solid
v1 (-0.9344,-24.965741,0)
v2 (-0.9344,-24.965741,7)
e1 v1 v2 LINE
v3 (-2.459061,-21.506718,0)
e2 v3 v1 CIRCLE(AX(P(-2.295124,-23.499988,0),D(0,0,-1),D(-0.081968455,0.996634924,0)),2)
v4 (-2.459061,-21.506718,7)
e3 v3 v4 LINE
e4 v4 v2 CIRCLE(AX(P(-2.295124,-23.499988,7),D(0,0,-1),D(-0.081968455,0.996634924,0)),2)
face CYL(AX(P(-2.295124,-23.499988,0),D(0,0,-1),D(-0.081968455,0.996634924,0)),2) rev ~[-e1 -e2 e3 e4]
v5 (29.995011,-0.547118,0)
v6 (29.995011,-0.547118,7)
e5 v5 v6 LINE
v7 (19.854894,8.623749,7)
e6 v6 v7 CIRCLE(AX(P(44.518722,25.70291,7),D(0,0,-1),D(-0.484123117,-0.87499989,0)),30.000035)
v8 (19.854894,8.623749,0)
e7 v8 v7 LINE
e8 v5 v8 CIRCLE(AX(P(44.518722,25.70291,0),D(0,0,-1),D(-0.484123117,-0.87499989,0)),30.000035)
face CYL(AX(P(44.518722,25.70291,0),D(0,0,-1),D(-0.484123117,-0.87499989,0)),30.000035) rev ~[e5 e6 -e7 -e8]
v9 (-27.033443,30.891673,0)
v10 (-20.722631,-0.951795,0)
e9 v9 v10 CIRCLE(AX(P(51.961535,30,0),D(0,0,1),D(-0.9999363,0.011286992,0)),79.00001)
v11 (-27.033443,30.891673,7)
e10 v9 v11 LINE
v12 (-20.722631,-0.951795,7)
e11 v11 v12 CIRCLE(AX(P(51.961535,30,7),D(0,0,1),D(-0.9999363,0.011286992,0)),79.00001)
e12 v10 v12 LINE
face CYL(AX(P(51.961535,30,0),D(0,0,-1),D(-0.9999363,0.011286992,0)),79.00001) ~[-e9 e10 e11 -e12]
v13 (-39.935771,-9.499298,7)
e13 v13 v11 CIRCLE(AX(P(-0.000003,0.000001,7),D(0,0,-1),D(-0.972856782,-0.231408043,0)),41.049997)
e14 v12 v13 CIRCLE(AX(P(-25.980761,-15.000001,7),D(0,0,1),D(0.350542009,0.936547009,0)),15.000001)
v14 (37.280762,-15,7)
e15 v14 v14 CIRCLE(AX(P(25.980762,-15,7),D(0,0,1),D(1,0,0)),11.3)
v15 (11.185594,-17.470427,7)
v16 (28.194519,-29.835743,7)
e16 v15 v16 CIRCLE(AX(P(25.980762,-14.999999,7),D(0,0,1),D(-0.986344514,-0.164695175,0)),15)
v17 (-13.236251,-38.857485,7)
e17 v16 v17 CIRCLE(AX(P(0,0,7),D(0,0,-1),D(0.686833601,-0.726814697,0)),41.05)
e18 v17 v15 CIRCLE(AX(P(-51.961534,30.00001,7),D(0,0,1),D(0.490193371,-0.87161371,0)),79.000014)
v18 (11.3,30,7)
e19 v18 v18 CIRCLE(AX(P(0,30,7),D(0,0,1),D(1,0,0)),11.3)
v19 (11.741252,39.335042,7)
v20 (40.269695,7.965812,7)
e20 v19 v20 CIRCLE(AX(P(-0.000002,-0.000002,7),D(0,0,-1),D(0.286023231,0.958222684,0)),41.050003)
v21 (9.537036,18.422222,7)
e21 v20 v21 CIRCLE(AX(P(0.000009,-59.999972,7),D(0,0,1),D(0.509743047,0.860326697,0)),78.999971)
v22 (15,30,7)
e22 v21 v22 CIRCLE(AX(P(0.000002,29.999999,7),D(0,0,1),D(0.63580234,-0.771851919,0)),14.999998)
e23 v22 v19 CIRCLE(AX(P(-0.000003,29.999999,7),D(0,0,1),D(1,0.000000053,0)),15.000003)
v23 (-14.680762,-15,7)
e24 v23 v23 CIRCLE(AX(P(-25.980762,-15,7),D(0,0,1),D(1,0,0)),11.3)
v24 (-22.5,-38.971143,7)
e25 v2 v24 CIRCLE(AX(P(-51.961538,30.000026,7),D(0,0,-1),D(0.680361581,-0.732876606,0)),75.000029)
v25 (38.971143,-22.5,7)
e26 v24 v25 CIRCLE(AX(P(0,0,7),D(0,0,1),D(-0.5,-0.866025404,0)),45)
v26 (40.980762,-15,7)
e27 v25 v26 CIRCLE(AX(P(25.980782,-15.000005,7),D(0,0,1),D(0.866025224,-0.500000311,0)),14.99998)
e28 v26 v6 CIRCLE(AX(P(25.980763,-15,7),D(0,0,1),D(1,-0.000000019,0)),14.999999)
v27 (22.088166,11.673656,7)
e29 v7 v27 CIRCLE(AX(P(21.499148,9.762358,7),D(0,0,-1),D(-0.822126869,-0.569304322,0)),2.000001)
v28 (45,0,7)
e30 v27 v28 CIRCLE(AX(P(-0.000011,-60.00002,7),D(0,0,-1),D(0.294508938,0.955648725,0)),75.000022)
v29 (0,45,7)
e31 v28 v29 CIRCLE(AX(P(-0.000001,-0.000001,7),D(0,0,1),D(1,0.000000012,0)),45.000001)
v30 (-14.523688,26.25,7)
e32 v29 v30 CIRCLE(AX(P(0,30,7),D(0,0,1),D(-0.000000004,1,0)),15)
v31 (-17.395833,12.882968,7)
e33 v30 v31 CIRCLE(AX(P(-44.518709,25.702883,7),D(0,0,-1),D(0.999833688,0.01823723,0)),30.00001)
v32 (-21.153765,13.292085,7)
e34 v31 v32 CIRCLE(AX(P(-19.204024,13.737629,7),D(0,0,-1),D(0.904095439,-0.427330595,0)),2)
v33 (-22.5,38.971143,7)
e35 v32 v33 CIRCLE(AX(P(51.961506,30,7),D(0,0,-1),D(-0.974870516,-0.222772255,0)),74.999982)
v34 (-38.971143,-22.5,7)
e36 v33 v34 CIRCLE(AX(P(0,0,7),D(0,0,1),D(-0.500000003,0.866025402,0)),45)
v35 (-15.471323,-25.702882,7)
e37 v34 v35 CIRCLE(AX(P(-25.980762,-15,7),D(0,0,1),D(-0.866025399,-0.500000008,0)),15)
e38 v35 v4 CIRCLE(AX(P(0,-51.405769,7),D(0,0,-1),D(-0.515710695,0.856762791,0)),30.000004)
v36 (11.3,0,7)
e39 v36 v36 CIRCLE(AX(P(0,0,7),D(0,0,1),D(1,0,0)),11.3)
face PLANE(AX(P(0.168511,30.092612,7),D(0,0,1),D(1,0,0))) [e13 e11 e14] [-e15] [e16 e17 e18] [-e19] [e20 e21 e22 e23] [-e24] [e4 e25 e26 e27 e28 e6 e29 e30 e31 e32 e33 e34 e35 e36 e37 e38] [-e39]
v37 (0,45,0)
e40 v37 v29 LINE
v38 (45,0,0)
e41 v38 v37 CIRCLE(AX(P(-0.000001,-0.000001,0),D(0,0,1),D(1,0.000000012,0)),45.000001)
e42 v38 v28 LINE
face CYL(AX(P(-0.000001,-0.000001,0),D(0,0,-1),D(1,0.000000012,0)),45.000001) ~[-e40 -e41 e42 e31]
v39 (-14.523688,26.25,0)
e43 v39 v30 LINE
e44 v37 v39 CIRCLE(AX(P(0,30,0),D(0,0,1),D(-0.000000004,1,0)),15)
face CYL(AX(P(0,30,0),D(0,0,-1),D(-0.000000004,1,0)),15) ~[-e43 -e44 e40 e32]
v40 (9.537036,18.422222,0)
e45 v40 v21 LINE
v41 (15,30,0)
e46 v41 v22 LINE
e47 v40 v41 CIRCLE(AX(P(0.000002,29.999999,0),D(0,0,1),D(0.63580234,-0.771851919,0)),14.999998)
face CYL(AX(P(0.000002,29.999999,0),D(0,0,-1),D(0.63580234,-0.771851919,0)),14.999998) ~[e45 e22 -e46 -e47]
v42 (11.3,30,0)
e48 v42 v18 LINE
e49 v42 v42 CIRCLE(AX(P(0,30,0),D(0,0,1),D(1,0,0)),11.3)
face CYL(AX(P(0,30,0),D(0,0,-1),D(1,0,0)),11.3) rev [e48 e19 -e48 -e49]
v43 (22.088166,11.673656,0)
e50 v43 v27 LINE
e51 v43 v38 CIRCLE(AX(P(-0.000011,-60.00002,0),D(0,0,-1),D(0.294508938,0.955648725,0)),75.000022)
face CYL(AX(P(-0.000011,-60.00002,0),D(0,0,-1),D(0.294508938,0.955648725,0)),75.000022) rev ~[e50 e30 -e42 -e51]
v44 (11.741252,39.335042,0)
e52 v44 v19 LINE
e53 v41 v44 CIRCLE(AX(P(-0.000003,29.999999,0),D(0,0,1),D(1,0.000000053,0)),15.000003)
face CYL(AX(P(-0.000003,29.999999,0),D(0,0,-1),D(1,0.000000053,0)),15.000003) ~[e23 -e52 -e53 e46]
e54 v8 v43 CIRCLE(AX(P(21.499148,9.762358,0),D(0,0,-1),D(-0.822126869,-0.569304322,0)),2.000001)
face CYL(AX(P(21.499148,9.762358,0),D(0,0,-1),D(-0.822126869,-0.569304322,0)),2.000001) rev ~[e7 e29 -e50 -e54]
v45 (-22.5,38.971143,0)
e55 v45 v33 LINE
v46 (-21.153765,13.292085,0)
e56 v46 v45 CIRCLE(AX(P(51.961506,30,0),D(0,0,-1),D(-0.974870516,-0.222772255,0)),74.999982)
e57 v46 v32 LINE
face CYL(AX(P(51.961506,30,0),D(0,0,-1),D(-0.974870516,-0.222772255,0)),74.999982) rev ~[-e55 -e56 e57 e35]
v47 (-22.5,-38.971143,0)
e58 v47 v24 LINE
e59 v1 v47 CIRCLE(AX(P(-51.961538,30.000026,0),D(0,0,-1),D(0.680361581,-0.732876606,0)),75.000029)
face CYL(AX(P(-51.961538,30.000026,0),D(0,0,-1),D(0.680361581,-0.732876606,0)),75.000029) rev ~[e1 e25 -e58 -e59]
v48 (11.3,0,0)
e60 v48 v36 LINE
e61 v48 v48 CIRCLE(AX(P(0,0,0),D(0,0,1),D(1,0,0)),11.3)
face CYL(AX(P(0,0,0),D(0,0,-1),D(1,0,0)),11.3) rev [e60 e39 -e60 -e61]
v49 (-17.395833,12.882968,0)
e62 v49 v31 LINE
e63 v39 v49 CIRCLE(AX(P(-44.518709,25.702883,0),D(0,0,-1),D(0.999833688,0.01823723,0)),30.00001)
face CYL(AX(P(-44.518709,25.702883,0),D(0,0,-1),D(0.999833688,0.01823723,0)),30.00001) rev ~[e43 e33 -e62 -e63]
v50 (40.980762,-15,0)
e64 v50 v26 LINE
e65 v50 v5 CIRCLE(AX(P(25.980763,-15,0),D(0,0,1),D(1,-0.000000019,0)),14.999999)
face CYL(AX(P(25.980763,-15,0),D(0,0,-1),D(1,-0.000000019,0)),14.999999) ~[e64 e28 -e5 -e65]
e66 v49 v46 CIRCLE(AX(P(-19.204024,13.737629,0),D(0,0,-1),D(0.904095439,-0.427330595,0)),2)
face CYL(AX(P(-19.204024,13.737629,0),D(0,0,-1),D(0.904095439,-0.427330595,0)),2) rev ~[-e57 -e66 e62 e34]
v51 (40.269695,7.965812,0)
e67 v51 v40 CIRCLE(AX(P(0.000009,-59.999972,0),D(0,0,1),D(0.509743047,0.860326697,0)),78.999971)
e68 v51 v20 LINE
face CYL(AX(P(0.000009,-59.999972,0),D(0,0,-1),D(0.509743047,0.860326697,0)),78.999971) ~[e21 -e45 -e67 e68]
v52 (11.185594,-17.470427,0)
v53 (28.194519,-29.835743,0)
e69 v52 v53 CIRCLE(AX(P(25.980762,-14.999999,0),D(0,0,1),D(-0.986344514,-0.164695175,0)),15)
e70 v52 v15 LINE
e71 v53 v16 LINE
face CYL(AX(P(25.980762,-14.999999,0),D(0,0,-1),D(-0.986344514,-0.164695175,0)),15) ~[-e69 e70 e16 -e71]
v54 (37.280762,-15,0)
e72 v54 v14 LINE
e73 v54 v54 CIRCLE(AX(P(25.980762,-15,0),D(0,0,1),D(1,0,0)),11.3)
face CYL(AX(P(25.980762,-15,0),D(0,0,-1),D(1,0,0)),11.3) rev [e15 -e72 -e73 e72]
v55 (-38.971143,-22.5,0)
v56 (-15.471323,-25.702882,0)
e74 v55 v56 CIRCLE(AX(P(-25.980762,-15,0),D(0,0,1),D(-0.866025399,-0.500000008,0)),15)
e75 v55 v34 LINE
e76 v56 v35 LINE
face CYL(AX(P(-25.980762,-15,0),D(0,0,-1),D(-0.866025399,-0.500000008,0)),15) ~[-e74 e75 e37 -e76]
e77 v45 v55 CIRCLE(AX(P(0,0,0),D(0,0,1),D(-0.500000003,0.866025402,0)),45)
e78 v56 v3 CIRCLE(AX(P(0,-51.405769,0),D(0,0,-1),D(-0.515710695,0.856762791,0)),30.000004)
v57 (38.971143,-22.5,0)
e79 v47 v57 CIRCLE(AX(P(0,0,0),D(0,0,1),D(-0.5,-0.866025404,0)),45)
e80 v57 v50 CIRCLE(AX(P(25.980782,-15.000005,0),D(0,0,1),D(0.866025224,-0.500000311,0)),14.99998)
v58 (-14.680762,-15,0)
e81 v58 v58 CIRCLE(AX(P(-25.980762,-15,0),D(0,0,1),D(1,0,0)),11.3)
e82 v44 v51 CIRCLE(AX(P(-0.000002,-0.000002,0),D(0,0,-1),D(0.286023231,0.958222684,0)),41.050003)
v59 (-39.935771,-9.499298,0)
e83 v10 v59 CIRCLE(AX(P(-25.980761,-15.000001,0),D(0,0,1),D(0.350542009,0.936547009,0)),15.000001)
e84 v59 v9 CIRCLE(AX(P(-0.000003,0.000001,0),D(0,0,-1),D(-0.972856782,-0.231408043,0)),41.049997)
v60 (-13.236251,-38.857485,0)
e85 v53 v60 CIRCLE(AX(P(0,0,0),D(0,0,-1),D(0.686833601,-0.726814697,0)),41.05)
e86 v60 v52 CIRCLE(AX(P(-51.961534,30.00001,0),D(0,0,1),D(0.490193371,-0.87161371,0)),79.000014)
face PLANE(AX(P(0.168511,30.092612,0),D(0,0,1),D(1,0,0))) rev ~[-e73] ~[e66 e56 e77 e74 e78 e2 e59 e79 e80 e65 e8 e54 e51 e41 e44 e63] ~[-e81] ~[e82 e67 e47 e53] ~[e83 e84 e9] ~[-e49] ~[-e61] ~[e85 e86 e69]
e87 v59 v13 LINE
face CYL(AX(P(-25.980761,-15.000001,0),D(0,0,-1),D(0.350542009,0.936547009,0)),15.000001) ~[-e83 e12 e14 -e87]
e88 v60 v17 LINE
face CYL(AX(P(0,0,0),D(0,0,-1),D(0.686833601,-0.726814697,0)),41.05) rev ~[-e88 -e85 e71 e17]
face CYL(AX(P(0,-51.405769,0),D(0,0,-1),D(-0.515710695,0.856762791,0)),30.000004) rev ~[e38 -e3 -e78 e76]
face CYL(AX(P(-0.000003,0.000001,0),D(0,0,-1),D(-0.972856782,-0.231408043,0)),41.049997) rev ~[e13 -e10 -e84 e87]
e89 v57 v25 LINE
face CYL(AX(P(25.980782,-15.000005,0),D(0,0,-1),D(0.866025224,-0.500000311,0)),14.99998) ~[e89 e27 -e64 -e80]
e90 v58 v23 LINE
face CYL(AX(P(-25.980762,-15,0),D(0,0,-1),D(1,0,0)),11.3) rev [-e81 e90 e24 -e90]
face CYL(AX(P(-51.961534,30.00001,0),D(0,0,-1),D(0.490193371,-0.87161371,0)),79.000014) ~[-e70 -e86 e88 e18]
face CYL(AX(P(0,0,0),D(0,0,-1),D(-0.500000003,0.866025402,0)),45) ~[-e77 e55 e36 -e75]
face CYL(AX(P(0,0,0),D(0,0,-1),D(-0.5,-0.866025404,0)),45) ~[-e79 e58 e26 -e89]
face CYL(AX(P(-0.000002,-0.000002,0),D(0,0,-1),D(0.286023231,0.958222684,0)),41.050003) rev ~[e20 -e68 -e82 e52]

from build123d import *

# Parameters (mm, degrees)
F0_R     = 11.3
F1_DEPTH = 7


with BuildPart() as f1:
    # F0 (on Top) → F1 (new body)
    with BuildSketch(Plane.XY):
        with BuildLine():
            ThreePointArc((9.537036, 18.422222), (13.565684, 23.599045), (15, 30))
            ThreePointArc((15, 30), (14.161899, 34.943745), (11.741252, 39.335042))
            ThreePointArc((11.741252, 39.335042), (6.51822, 43.50973), (0, 45))
            ThreePointArc((0, 45), (-11.858541, 39.185587), (-14.523688, 26.25))
            ThreePointArc((-14.523688, 26.25), (-4.640603, 15.735891), (9.537036, 18.422222))
        make_face()
        with Locations((0, 30)):
            Circle(F0_R, mode=Mode.SUBTRACT)
        with BuildLine():
            ThreePointArc((0, 45), (6.51822, 43.50973), (11.741252, 39.335042))
            ThreePointArc((11.741252, 39.335042), (30.369257, 27.619028), (40.269695, 7.965812))
            ThreePointArc((40.269695, 7.965812), (25.446252, 14.789627), (9.537036, 18.422222))
            ThreePointArc((9.537036, 18.422222), (-4.640603, 15.735891), (-14.523688, 26.25))
            ThreePointArc((-14.523688, 26.25), (-15.188129, 19.400685), (-17.395833, 12.882968))
            ThreePointArc((-17.395833, 12.882968), (-19.42048, 11.749377), (-21.153765, 13.292085))
            ThreePointArc((-21.153765, 13.292085), (-22.935622, 26.073488), (-22.5, 38.971143))
            ThreePointArc((-22.5, 38.971143), (-43.466662, 11.646857), (-38.971143, -22.5))
            ThreePointArc((-38.971143, -22.5), (-40.939642, -16.109921), (-39.935771, -9.499298))
            ThreePointArc((-39.935771, -9.499298), (-39.103409, 12.491034), (-27.033443, 30.891673))
            ThreePointArc((-27.033443, 30.891673), (-25.531318, 14.642287), (-20.722631, -0.951795))
            ThreePointArc((-20.722631, -0.951795), (-13.65453, -6.452251), (-10.980762, -15))
            ThreePointArc((-10.980762, -15), (-12.148886, -20.803379), (-15.471323, -25.702882))
            ThreePointArc((-15.471323, -25.702882), (-9.207422, -22.853648), (-2.459061, -21.506718))
            ThreePointArc((-2.459061, -21.506718), (-0.465019, -22.693318), (-0.9344, -24.965741))
            ThreePointArc((-0.9344, -24.965741), (-11.112492, -32.899575), (-22.5, -38.971143))
            ThreePointArc((-22.5, -38.971143), (11.646857, -43.466662), (38.971143, -22.5))
            ThreePointArc((38.971143, -22.5), (34.421422, -27.399809), (28.194519, -29.835743))
            ThreePointArc((28.194519, -29.835743), (8.734151, -40.110062), (-13.236251, -38.857485))
            ThreePointArc((-13.236251, -38.857485), (0.085066, -29.431914), (11.185594, -17.470427))
            ThreePointArc((11.185594, -17.470427), (15.947983, -3.849065), (29.995011, -0.547118))
            ThreePointArc((29.995011, -0.547118), (24.395551, 3.452963), (19.854894, 8.623749))
            ThreePointArc((19.854894, 8.623749), (19.885499, 10.943941), (22.088166, 11.673656))
            ThreePointArc((22.088166, 11.673656), (34.048114, 6.826087), (45, 0))
            ThreePointArc((45, 0), (31.819805, 31.819805), (0, 45))
        make_face()
        Circle(F0_R, mode=Mode.SUBTRACT)
        with BuildLine():
            ThreePointArc((40.980762, -15), (37.922574, -5.922934), (29.995011, -0.547118))
            ThreePointArc((29.995011, -0.547118), (15.947983, -3.849065), (11.185594, -17.470427))
            ThreePointArc((11.185594, -17.470427), (17.160431, -27.132673), (28.194519, -29.835743))
            ThreePointArc((28.194519, -29.835743), (34.421422, -27.399809), (38.971143, -22.5))
            ThreePointArc((38.971143, -22.5), (40.46965, -18.882286), (40.980762, -15))
        make_face()
        with Locations((25.980762, -15)):
            Circle(F0_R, mode=Mode.SUBTRACT)
        with BuildLine():
            ThreePointArc((-39.935771, -9.499298), (-40.939642, -16.109921), (-38.971143, -22.5))
            ThreePointArc((-38.971143, -22.5), (-28.006443, -29.862591), (-15.471323, -25.702882))
            ThreePointArc((-15.471323, -25.702882), (-12.148886, -20.803379), (-10.980762, -15))
            ThreePointArc((-10.980762, -15), (-13.65453, -6.452251), (-20.722631, -0.951795))
            ThreePointArc((-20.722631, -0.951795), (-32.0778, -1.295033), (-39.935771, -9.499298))
        make_face()
        with Locations((-25.980762, -15)):
            Circle(F0_R, mode=Mode.SUBTRACT)
    extrude(amount=F1_DEPTH)


solid = f1.part
